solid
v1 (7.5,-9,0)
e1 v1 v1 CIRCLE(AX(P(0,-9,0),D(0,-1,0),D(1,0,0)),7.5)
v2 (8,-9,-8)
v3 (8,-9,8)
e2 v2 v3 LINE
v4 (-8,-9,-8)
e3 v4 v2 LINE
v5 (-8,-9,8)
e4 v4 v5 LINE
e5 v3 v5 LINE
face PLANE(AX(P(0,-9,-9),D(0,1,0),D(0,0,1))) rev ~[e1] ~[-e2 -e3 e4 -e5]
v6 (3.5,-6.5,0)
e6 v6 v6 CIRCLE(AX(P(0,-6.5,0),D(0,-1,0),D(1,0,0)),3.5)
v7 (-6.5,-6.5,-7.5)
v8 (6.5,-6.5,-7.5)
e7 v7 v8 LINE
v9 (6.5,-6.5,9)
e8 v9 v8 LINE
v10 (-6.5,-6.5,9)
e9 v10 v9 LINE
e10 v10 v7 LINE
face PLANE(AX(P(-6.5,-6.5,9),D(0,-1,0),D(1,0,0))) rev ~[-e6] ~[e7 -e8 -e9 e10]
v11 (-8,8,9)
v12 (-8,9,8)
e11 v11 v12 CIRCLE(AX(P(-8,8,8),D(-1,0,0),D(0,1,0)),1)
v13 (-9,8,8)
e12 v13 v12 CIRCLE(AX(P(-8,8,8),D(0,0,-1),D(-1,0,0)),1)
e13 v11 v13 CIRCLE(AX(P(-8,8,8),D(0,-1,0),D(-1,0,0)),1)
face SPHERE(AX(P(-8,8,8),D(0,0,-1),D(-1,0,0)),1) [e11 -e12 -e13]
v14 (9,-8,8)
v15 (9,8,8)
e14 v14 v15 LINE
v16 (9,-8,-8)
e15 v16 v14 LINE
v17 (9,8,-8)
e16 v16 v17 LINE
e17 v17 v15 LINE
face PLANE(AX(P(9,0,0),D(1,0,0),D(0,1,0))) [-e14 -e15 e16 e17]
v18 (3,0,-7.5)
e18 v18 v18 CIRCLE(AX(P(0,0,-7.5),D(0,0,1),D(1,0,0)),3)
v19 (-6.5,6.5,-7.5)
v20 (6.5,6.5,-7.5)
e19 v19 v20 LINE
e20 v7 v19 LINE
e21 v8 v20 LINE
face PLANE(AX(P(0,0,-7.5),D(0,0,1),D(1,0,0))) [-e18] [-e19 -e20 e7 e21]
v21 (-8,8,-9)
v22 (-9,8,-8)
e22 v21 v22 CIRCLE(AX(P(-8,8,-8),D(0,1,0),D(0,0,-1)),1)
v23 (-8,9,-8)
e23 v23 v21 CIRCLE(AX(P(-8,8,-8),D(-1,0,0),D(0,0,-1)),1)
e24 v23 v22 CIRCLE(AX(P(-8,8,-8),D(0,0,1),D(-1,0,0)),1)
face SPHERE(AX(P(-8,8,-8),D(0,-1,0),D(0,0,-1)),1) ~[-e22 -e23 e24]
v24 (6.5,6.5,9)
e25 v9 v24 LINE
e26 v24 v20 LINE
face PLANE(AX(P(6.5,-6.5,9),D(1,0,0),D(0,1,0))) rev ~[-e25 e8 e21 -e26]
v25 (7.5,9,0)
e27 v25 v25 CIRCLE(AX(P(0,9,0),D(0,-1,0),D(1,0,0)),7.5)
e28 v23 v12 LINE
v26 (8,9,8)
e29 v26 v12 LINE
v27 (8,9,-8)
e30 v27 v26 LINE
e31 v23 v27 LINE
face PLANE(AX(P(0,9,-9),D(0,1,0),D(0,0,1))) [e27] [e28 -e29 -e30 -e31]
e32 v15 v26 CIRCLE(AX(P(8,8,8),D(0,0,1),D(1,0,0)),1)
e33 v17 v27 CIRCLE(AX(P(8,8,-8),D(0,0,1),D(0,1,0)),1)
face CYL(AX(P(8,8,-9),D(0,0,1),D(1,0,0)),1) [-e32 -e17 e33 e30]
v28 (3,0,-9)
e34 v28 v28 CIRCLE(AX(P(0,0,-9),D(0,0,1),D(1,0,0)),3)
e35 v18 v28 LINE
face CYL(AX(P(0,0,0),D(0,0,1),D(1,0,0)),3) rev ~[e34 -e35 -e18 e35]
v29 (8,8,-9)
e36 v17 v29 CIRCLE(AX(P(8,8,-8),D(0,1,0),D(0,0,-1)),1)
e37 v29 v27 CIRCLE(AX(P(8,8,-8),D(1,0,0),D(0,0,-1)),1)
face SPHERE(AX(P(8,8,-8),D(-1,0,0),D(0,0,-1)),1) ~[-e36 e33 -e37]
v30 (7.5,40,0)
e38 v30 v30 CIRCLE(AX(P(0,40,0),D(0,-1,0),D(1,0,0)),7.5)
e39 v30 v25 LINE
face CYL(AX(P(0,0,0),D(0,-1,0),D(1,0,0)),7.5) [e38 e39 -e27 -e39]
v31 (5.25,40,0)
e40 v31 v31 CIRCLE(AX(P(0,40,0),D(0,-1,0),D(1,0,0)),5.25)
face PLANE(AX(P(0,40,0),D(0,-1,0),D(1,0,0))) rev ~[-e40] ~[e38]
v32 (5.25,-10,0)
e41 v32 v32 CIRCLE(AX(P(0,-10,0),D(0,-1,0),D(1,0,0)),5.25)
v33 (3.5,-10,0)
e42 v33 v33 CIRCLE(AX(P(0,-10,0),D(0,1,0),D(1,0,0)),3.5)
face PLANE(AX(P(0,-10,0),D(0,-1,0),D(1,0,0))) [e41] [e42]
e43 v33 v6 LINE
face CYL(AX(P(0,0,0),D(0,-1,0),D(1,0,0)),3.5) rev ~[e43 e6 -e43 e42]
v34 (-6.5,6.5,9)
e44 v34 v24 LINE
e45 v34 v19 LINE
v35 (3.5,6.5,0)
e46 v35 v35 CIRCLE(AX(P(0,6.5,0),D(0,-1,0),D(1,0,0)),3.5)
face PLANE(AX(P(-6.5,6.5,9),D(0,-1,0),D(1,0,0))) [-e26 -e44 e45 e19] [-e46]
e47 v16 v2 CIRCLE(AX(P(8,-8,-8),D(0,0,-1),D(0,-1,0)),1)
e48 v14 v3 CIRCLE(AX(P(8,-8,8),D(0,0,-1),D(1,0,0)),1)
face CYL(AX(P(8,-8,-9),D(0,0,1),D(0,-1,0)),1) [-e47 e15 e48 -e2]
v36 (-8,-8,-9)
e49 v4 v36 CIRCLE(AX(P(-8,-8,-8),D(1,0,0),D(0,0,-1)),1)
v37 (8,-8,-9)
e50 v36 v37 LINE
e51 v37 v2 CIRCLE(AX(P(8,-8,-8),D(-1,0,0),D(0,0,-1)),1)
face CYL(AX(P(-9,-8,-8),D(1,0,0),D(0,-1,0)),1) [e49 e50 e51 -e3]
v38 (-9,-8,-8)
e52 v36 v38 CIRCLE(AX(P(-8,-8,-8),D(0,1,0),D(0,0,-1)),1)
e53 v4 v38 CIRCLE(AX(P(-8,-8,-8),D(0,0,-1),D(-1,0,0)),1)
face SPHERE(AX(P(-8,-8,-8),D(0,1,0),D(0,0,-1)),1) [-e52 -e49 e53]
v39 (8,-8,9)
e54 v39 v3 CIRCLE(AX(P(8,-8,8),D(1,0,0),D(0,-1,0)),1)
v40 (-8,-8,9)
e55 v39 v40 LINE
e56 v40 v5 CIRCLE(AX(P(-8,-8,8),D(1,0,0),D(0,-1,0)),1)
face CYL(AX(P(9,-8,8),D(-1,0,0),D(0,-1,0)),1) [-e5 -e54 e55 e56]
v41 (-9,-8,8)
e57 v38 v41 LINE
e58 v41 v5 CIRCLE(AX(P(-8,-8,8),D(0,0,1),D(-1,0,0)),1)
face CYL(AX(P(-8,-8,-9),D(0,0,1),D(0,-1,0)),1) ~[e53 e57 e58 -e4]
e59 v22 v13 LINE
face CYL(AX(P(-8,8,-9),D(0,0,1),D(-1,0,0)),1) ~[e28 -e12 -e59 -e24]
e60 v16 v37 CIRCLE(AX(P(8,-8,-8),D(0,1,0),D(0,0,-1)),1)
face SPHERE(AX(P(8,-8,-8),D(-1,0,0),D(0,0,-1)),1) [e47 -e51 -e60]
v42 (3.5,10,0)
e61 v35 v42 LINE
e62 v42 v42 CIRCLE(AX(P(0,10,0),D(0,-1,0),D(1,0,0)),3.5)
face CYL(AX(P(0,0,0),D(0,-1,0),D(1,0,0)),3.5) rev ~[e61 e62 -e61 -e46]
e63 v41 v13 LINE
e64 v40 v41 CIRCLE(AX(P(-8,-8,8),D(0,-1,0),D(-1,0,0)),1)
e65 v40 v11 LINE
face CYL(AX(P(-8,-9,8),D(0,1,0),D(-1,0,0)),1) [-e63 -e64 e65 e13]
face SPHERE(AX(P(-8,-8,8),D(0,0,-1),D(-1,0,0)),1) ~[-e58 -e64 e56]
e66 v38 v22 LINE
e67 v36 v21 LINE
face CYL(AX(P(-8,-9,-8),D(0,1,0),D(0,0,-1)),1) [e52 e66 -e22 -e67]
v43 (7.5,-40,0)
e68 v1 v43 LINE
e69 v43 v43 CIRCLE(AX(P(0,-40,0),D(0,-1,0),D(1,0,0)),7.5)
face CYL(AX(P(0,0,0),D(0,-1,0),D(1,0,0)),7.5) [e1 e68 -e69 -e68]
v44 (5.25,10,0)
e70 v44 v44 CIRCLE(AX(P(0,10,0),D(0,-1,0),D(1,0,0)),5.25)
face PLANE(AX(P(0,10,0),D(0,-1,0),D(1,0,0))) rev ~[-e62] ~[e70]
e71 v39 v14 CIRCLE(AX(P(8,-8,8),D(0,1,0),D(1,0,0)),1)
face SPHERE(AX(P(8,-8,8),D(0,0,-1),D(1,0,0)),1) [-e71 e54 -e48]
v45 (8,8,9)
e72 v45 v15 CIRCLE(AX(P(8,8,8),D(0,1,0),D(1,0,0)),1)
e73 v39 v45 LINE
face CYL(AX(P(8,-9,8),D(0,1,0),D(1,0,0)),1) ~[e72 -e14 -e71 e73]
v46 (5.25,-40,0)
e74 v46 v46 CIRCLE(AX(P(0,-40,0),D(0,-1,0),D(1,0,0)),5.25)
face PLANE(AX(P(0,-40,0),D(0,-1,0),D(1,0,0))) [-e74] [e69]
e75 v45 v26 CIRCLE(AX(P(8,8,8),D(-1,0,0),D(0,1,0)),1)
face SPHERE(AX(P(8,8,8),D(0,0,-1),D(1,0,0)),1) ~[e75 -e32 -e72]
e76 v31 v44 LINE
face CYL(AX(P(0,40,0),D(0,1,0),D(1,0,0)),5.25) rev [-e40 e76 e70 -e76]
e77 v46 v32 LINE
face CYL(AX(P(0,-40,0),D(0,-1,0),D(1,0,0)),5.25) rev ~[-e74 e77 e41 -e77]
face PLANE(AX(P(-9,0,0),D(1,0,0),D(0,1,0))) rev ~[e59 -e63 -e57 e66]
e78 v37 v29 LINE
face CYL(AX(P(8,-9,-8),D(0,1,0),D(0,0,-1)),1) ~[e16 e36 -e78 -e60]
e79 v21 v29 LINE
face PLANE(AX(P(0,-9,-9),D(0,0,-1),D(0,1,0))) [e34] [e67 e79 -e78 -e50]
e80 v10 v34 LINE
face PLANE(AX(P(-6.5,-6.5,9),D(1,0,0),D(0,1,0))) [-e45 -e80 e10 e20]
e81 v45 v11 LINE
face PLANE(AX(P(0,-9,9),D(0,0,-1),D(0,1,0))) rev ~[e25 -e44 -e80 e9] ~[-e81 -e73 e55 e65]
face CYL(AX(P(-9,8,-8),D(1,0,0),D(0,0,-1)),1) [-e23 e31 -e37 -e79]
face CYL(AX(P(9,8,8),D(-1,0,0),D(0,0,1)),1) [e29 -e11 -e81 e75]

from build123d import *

# Parameters (mm, degrees)
SKETCH_R             = 7.5
PAD_DEPTH            = 40
SKETCH001_R          = 5.25
POCKET_DEPTH         = 30
SKETCH002_R          = 5.25
POCKET001_DEPTH      = 30
SKETCH004_W          = 18
SKETCH004_H          = 18
PAD001_DEPTH         = 9
SKETCH005_R          = 3.5
POCKET002_DEPTH      = 40.001
POCKET002_DEPTH_BACK = 40.001
SKETCH006_R          = 3
POCKET003_DEPTH      = 9.001
POCKET003_DEPTH_BACK = 9.001
SKETCH008_W          = 13
SKETCH008_H          = 13
POCKET004_DEPTH      = 16.5
FILLET_R             = 1


with BuildPart() as part:
    # Sketch → Pad (new body, symmetric)
    with BuildSketch(Plane.XZ):
        Circle(SKETCH_R)
    extrude(amount=PAD_DEPTH, both=True)

    # Sketch001 → Pocket (cut)
    with BuildSketch(Plane.XZ.offset(40)):
        Circle(SKETCH001_R)
    extrude(amount=-POCKET_DEPTH, mode=Mode.SUBTRACT)

    # Sketch002 → Pocket001 (cut)
    with BuildSketch(Plane.XZ.offset(-40)):
        Circle(SKETCH002_R)
    extrude(amount=POCKET001_DEPTH, mode=Mode.SUBTRACT)

    # Sketch004 → Pad001 (join, symmetric)
    with BuildSketch(Plane.YZ):
        Rectangle(SKETCH004_W, SKETCH004_H)
    extrude(amount=PAD001_DEPTH, both=True)

    # Sketch005 → Pocket002 (cut, two sides)
    with BuildSketch(Plane.XZ) as pocket002_sk:
        Circle(SKETCH005_R)
    extrude(amount=-POCKET002_DEPTH, mode=Mode.SUBTRACT)
    extrude(pocket002_sk.sketch, amount=POCKET002_DEPTH_BACK, mode=Mode.SUBTRACT)

    # Sketch006 → Pocket003 (cut, two sides)
    with BuildSketch(Plane.XY) as pocket003_sk:
        Circle(SKETCH006_R)
    extrude(amount=-POCKET003_DEPTH, mode=Mode.SUBTRACT)
    extrude(pocket003_sk.sketch, amount=POCKET003_DEPTH_BACK, mode=Mode.SUBTRACT)

    # Sketch008 → Pocket004 (cut)
    with BuildSketch(Plane.XY.offset(9)):
        Rectangle(SKETCH008_W, SKETCH008_H)
    extrude(amount=-POCKET004_DEPTH, mode=Mode.SUBTRACT)

    # Fillet
    fillet_edges = [part.edges().sort_by_distance(p)[0] for p in [
        (-9, 0, -9),
        (0, -9, -9),
        (0, 9, -9),
        (9, 0, -9),
        (9, 9, 0),
        (9, -9, 0),
        (9, 0, 9),
        (-9, 9, 0),
        (-9, -9, 0),
        (-9, 0, 9),
        (0, 9, 9),
        (0, -9, 9),
    ]]
    fillet(fillet_edges, radius=FILLET_R)


solid = part.part
